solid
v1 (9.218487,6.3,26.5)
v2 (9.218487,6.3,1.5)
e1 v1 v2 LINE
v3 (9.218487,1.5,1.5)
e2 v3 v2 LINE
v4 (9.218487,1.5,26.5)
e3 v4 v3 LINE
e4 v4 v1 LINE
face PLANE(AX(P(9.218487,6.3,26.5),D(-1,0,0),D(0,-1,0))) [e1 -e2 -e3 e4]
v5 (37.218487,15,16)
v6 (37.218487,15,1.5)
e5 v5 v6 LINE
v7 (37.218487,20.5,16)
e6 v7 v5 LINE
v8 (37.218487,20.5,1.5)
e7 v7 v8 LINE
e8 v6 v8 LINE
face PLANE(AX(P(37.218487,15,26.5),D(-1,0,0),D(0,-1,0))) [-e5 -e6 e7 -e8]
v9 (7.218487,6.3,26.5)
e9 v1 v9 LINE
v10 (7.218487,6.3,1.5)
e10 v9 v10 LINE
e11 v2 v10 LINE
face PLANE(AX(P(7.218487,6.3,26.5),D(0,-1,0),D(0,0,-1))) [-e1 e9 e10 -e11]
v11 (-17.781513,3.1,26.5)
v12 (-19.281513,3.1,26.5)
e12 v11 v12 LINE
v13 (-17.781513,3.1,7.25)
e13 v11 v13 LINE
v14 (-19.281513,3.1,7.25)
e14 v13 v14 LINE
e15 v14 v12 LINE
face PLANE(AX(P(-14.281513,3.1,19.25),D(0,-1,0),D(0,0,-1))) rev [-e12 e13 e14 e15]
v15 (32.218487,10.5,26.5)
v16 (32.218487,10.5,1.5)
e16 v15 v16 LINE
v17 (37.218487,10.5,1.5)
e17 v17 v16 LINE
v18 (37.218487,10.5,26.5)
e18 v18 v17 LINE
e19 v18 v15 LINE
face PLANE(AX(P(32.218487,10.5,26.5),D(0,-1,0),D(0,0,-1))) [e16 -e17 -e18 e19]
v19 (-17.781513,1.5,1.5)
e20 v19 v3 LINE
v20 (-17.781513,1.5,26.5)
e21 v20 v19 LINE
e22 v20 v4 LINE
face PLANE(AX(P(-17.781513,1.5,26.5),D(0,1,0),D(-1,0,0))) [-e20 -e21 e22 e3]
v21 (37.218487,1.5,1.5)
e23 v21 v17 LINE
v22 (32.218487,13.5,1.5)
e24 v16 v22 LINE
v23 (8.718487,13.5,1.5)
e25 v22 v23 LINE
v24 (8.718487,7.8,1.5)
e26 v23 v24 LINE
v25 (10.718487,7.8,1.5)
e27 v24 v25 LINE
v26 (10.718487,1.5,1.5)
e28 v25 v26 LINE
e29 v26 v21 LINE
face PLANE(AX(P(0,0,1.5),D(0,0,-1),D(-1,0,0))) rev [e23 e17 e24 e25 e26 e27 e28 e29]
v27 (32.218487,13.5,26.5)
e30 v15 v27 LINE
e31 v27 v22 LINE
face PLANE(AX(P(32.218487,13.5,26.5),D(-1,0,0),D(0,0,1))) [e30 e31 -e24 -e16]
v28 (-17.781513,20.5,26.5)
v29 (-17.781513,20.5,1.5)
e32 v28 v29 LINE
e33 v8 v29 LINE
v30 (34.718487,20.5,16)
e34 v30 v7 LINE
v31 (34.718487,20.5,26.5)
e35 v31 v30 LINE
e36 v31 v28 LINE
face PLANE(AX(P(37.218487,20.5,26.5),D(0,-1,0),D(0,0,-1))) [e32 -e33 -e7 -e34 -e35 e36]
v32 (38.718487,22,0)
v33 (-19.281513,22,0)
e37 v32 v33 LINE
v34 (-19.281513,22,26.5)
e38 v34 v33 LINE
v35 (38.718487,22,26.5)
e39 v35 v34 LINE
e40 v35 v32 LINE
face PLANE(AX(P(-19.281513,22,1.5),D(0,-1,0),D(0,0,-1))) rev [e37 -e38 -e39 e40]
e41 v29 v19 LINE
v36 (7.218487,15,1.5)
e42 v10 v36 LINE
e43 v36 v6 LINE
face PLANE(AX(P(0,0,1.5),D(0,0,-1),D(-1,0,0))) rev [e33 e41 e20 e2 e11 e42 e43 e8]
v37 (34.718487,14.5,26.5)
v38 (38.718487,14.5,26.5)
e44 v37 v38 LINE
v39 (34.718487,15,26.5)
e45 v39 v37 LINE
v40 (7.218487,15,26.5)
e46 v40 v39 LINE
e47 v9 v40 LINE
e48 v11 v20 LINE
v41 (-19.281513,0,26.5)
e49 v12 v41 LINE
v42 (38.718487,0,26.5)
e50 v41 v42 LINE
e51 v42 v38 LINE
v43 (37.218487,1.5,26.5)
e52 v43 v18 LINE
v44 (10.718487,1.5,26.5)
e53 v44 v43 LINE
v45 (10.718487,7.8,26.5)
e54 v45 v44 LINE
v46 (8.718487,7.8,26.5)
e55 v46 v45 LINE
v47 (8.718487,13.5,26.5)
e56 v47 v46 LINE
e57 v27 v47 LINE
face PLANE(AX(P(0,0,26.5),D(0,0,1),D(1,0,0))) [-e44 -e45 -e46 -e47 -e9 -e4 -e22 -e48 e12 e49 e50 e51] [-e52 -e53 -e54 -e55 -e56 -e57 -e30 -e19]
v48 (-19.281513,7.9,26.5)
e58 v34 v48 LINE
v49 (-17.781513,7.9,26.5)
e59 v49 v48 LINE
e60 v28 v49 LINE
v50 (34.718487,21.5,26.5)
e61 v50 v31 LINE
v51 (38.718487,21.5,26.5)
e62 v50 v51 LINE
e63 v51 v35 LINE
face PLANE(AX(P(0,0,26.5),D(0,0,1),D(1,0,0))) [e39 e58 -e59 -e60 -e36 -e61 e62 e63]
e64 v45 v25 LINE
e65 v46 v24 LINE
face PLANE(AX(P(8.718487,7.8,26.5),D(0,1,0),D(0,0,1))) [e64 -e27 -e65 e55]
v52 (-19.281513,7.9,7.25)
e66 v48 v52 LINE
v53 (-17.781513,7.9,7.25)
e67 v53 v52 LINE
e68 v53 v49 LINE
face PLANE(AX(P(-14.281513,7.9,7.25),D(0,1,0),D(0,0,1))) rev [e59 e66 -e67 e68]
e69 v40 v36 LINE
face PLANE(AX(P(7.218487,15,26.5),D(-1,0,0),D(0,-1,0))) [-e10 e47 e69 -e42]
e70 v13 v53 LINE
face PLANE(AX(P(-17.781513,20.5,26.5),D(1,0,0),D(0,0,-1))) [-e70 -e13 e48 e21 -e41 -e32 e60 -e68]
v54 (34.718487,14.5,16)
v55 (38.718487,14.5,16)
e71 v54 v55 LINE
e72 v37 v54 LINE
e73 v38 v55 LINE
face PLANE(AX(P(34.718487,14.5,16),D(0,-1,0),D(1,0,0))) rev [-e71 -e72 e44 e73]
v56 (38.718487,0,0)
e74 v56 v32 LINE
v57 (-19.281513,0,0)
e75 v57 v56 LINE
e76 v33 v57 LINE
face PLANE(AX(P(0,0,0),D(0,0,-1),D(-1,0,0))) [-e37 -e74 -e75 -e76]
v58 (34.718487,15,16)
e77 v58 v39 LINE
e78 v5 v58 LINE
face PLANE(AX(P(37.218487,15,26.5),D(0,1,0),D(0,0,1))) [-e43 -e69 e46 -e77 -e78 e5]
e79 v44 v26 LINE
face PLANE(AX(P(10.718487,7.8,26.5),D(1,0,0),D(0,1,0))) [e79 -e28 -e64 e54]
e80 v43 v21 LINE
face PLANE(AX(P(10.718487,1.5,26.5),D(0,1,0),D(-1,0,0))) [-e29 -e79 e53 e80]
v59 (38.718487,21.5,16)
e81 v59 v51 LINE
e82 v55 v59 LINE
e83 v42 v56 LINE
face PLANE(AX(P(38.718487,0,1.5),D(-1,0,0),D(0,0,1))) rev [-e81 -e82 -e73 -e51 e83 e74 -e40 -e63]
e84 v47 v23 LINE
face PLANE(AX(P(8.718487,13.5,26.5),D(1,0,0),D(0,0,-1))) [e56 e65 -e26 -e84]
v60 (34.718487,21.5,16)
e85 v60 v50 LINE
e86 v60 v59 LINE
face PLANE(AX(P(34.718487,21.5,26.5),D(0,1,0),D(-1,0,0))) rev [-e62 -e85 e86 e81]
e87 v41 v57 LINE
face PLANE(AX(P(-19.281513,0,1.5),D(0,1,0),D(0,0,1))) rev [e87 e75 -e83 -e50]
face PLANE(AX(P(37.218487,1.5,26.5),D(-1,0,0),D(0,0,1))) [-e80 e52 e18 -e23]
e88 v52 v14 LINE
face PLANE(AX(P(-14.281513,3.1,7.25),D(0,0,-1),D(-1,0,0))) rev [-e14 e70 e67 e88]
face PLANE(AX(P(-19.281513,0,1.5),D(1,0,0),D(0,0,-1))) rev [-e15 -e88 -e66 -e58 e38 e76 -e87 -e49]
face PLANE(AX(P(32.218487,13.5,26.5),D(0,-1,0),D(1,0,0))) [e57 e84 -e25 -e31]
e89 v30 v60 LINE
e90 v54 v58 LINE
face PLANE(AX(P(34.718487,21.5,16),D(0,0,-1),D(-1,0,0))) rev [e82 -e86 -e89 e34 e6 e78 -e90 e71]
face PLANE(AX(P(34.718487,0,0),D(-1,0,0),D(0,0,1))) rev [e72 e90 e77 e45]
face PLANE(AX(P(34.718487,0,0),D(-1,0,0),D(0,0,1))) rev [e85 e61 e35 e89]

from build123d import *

# Parameters (mm, degrees)
SKETCH1_W           = 58
SKETCH1_H           = 22
BOSS_EXTRUDE1_DEPTH = 1.5
SKETCH2_W           = 58
SKETCH2_H           = 22
BOSS_EXTRUDE2_DEPTH = 25
CUT_EXTRUDE1_DEPTH  = 5
SKETCH6_W           = 10.5
SKETCH6_H           = 7
CUT_EXTRUDE2_DEPTH  = 4


with BuildPart() as part:
    # Sketch1 → Boss-Extrude1 (new body)
    with BuildSketch(Plane.XY):
        with Locations((9.718487395, 11)):
            Rectangle(SKETCH1_W, SKETCH1_H)
    extrude(amount=BOSS_EXTRUDE1_DEPTH)

    # Sketch2 → Boss-Extrude2 (add)
    with BuildSketch(Plane.XY.offset(1.5)):
        with Locations((9.718487395, 11)):
            Rectangle(SKETCH2_W, SKETCH2_H)
        Polygon((-17.781512605, 20.5), (-17.781512605, 1.5), (9.218487395, 1.5), (9.218487395, 6.3), (7.218487395, 6.3), (7.218487395, 15), (37.218487395, 15), (37.218487395, 20.5), align=None, mode=Mode.SUBTRACT)
        Polygon((37.218487395, 1.5), (37.218487395, 10.5), (32.218487395, 10.5), (32.218487395, 13.5), (8.718487395, 13.5), (8.718487395, 7.8), (10.718487395, 7.8), (10.718487395, 1.5), align=None, mode=Mode.SUBTRACT)
    extrude(amount=BOSS_EXTRUDE2_DEPTH)

    # Sketch3 → Cut-Extrude1 (cut)
    with BuildSketch(Plane.ZY.offset(19.281512605)):
        Polygon((7.25, 3.1), (19.25, 3.1), (26.5, 3.1), (26.5, 7.9), (19.25, 7.9), (7.25, 7.9), align=None)
    extrude(amount=-CUT_EXTRUDE1_DEPTH, mode=Mode.SUBTRACT)

    # Sketch6 → Cut-Extrude2 (cut)
    with BuildSketch(Plane(origin=(38.718487395, 0, 0), x_dir=(0, 0, -1), z_dir=(1, 0, 0))):
        with Locations((-21.25, 18)):
            Rectangle(SKETCH6_W, SKETCH6_H)
    extrude(amount=-CUT_EXTRUDE2_DEPTH, mode=Mode.SUBTRACT)


solid = part.part
